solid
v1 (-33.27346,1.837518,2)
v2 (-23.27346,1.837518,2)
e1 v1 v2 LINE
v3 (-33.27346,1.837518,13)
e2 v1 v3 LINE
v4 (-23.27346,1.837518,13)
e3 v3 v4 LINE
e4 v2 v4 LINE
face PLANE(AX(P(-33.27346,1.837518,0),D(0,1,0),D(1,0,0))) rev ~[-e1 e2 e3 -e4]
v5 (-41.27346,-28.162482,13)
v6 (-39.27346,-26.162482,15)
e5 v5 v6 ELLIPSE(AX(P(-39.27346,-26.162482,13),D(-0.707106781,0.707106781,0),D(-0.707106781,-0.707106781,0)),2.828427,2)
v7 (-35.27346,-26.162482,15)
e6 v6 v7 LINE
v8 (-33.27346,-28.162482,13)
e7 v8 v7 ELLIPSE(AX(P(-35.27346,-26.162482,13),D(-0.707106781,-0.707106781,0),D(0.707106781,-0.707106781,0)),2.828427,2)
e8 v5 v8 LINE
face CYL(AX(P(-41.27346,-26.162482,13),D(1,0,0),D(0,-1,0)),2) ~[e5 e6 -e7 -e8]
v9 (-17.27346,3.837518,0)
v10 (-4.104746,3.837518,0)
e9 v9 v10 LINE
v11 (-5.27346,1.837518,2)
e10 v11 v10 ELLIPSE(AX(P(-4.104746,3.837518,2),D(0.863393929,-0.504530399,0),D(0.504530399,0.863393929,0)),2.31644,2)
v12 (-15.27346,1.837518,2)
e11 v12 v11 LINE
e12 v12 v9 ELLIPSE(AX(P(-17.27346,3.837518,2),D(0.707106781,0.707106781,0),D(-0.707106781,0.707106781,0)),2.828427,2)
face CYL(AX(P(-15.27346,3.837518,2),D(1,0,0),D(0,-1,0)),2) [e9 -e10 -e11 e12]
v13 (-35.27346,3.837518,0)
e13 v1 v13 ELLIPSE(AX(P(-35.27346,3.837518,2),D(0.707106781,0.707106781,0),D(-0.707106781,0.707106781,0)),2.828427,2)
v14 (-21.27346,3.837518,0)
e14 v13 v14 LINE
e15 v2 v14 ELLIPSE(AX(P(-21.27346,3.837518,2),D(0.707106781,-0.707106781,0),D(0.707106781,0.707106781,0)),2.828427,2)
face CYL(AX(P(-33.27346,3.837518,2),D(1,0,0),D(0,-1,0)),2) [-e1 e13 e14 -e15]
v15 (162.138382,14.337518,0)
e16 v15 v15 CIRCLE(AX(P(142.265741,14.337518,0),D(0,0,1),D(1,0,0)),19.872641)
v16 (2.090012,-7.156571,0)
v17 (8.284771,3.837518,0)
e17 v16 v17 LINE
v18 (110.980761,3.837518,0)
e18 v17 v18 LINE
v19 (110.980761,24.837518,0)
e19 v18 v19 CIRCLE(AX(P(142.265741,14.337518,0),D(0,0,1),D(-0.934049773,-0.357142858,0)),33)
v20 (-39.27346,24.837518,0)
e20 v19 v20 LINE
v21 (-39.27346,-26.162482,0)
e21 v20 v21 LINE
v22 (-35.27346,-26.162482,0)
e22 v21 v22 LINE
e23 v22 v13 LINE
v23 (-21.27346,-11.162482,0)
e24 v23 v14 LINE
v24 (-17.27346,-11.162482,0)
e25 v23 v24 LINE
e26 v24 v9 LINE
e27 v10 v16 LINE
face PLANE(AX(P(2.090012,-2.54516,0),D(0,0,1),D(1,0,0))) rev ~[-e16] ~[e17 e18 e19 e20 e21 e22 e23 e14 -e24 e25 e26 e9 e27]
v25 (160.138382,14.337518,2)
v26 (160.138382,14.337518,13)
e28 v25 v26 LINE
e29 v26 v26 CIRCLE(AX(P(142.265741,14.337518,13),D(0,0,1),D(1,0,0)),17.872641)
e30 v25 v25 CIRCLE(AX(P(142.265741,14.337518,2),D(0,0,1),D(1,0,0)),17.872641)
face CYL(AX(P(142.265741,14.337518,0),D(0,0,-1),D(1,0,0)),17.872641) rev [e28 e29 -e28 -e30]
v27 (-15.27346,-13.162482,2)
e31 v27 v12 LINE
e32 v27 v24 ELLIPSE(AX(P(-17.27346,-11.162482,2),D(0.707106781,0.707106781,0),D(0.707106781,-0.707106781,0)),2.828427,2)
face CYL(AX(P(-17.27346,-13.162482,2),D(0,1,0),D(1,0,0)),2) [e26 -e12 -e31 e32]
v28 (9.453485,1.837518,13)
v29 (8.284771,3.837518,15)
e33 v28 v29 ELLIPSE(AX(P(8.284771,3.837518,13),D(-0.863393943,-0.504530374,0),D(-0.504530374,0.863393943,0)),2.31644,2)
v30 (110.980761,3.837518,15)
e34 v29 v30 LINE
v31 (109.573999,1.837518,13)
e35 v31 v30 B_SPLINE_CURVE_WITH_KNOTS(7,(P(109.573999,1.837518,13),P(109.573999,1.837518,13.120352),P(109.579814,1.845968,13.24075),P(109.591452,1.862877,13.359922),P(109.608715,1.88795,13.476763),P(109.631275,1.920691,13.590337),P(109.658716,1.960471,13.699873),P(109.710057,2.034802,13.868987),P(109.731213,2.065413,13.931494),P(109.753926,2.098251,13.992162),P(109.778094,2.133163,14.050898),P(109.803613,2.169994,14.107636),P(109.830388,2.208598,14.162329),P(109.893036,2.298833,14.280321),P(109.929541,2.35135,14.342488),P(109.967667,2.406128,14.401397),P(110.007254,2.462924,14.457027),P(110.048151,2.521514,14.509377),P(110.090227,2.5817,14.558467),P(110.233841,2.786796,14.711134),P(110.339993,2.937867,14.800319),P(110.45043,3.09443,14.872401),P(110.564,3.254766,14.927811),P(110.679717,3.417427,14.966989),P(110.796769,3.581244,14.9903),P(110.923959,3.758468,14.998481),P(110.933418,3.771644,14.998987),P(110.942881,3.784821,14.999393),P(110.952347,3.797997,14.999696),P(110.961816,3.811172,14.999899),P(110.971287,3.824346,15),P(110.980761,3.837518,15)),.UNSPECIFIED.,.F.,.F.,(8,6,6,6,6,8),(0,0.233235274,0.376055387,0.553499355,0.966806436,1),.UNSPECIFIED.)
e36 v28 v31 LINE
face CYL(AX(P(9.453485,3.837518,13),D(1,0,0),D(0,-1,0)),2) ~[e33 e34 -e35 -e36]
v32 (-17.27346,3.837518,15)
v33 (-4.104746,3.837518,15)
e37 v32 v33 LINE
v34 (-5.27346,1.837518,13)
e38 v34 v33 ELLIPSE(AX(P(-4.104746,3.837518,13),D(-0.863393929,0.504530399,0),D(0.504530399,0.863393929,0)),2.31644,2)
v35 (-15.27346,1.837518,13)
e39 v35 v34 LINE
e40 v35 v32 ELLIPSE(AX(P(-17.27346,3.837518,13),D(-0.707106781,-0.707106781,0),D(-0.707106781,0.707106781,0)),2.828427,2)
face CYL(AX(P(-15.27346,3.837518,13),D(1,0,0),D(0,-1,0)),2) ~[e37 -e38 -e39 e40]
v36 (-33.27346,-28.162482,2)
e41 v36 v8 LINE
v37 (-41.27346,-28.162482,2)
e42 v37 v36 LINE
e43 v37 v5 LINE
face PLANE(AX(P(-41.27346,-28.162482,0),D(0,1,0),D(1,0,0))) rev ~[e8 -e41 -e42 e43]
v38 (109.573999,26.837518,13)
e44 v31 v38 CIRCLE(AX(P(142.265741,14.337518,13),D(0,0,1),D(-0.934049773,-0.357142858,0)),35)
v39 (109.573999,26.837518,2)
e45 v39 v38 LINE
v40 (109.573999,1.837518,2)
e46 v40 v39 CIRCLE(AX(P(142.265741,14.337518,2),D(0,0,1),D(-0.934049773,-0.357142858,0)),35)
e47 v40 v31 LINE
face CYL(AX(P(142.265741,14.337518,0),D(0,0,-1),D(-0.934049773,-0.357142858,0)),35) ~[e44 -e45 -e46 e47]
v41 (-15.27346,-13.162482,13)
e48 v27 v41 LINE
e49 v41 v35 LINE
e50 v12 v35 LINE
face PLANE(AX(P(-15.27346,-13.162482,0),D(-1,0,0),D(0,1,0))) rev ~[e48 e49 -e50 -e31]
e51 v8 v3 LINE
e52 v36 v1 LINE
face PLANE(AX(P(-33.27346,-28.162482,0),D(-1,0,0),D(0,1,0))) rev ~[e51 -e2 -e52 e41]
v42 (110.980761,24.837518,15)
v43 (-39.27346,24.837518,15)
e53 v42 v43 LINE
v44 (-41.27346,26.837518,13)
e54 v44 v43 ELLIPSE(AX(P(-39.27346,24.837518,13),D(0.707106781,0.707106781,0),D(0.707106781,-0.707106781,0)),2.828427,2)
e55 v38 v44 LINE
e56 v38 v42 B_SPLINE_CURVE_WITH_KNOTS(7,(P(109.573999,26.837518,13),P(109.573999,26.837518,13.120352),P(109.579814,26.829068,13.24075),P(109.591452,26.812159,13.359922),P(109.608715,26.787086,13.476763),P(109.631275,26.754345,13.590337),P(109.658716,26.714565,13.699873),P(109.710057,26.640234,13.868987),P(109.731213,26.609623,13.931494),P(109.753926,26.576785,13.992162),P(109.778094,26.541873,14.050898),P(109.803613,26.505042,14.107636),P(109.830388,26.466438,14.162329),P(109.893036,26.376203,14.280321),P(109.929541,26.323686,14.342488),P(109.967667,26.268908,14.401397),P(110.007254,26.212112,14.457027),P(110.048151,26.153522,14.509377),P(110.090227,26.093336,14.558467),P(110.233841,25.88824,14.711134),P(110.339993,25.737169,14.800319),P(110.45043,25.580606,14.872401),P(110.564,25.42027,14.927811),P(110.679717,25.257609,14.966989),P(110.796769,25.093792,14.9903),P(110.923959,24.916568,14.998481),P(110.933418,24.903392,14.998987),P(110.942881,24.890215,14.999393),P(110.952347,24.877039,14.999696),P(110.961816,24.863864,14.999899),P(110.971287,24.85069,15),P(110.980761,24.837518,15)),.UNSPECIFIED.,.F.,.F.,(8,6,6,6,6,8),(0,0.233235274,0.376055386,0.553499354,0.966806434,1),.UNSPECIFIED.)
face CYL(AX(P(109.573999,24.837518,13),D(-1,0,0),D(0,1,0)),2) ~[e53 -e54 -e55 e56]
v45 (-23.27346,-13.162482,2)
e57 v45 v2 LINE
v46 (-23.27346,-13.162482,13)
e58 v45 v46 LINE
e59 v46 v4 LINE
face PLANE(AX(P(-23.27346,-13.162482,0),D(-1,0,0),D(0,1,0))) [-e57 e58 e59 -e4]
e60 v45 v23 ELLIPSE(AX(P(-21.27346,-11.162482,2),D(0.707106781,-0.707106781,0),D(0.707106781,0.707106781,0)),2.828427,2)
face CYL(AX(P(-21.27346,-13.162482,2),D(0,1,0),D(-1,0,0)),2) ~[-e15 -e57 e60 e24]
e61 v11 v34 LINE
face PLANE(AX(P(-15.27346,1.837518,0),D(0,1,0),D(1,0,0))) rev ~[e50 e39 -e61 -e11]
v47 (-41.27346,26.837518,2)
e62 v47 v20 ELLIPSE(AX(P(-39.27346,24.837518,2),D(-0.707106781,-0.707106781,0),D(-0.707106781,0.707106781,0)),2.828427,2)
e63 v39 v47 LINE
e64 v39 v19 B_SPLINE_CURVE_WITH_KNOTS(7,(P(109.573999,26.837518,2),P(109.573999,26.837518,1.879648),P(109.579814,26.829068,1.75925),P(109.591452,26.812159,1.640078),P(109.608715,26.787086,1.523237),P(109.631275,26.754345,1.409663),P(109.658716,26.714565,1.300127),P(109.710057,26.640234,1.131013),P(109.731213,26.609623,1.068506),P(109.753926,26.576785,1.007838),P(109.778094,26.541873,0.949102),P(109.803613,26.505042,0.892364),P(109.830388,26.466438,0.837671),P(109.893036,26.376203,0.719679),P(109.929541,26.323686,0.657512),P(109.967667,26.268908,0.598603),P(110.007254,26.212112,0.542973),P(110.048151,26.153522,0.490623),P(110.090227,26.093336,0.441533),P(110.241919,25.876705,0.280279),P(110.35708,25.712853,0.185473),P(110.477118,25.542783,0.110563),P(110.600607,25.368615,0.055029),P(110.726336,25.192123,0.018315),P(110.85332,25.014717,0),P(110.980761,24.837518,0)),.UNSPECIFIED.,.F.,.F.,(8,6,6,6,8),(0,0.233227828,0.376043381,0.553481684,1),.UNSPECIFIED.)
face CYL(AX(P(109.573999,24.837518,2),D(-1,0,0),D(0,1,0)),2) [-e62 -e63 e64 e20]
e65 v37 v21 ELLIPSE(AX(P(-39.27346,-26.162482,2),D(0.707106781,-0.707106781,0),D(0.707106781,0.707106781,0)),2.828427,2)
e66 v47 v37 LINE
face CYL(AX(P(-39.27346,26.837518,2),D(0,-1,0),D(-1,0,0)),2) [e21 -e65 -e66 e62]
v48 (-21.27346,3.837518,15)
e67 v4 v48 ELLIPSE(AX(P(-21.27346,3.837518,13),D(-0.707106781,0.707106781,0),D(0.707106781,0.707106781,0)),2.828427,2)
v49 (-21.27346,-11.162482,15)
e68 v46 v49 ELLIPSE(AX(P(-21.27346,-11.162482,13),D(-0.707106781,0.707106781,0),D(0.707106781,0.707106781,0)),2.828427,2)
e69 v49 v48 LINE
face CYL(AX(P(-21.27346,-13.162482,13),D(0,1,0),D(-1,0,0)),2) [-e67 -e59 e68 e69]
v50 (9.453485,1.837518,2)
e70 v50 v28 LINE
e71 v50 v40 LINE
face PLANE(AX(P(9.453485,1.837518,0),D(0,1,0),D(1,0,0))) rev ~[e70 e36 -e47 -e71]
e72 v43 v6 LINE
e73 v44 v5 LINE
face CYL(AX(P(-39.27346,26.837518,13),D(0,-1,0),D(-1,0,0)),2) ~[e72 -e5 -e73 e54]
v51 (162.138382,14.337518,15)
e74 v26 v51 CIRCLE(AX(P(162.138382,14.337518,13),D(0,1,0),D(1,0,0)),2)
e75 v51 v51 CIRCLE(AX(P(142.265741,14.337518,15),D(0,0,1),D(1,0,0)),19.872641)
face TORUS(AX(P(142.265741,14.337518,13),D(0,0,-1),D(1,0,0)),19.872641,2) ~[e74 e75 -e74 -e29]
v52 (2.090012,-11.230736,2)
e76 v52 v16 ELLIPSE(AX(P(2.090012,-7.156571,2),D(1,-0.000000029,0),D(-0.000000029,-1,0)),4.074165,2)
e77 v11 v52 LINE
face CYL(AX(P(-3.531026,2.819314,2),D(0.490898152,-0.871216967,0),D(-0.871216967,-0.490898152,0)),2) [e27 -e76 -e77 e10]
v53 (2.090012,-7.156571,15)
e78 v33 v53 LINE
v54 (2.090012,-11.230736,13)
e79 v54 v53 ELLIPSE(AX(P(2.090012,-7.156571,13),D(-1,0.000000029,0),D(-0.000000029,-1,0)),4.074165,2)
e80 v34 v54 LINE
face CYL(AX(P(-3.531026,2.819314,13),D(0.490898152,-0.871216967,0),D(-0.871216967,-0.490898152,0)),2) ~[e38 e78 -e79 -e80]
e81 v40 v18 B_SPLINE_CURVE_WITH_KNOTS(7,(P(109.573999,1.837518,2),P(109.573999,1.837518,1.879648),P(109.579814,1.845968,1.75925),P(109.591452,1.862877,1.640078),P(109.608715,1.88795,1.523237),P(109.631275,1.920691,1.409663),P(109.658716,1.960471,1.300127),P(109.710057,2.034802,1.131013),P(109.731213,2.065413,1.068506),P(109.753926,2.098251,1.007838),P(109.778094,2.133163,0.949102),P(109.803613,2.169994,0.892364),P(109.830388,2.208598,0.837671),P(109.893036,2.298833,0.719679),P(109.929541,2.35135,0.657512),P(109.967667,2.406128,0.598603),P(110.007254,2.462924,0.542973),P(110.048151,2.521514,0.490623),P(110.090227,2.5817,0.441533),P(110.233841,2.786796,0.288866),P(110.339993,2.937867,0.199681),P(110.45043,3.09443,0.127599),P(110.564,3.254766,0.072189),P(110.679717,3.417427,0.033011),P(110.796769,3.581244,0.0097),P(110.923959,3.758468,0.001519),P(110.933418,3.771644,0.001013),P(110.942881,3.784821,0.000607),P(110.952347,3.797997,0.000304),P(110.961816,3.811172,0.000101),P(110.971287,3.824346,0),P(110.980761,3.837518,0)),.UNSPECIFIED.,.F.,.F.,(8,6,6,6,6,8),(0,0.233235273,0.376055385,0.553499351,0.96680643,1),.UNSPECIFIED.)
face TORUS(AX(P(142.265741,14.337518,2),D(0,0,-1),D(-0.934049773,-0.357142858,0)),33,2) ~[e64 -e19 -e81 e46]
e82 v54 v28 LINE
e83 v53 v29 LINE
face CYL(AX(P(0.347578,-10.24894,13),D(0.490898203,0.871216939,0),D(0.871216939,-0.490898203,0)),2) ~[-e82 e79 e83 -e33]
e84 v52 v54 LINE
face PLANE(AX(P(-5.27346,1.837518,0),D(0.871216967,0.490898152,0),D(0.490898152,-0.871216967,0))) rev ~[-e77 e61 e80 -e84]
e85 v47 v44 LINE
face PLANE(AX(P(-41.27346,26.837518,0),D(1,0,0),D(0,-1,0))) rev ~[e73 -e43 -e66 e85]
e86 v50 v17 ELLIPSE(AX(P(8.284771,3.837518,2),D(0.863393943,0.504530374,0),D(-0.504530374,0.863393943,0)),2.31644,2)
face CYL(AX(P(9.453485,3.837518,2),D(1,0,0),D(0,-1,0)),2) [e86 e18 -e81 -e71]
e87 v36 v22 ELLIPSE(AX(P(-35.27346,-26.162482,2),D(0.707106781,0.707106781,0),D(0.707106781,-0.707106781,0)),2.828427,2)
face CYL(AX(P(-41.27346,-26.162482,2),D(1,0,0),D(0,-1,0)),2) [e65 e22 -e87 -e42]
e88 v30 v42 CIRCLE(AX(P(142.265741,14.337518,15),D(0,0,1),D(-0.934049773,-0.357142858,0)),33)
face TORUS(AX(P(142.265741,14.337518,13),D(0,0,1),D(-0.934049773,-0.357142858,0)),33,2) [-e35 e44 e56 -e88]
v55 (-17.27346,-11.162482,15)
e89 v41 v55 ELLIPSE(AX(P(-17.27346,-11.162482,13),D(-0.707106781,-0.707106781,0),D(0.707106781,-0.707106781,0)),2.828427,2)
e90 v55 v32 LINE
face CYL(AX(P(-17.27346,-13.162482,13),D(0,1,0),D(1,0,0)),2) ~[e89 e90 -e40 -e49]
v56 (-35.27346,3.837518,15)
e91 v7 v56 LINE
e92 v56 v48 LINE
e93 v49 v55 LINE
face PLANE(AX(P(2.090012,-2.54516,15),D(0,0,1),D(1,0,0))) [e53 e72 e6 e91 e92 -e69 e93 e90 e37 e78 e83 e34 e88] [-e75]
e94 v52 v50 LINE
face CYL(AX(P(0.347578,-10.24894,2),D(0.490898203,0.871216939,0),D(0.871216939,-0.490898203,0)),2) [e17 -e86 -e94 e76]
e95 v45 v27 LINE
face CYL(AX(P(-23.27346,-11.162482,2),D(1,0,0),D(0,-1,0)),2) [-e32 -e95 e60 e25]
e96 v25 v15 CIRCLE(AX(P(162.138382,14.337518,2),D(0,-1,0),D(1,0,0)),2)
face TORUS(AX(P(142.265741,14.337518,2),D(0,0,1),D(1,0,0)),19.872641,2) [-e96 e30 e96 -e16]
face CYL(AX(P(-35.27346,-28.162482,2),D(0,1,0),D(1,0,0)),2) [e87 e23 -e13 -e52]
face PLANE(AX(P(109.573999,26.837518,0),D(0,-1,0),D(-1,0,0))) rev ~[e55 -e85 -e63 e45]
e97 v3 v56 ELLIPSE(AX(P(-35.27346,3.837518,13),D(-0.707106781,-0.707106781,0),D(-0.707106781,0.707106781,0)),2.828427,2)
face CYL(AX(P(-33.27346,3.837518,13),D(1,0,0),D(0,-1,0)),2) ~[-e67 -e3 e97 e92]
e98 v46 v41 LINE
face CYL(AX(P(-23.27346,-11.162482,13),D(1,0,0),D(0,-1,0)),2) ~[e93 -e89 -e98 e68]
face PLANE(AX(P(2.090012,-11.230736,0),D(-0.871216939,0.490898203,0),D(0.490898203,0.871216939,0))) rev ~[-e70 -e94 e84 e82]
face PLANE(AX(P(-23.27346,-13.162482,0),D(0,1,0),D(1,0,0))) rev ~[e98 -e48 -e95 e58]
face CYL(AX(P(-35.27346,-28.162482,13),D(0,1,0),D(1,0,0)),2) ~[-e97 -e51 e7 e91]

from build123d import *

# Parameters (mm, degrees)
F0_W     = 8
F0_H     = 30
F0_H_2   = 15
F0_R     = 17.872641
F1_DEPTH = 15
F2_R     = 2


with BuildPart() as f1:
    # F0 (on Top) → F1 (new body)
    with BuildSketch(Plane.XY):
        Polygon((2.090012, -11.230736), (9.453485, 1.837518), (-5.27346, 1.837518), align=None)
        with Locations((-37.27346, -13.162482)):
            Rectangle(F0_W, F0_H)
        with Locations((-19.27346, -5.662482)):
            Rectangle(F0_W, F0_H_2)
        with BuildLine():
            ThreePointArc((109.573999, 1.837518), (177.265741, 14.337518), (109.573999, 26.837518))
            Line((109.573999, 26.837518), (109.573999, 1.837518))
        make_face()
        with Locations((142.265741, 14.337518)):
            Circle(F0_R, mode=Mode.SUBTRACT)
        Polygon((109.573999, 26.837518), (-41.27346, 26.837518), (-41.27346, 1.837518), (-33.27346, 1.837518), (-23.27346, 1.837518), (-15.27346, 1.837518), (-5.27346, 1.837518), (9.453485, 1.837518), (109.573999, 1.837518), align=None)
    extrude(amount=F1_DEPTH)

    # F2
    f2_edges = [f1.edges().sort_by_distance(p)[0] for p in [
        (-41.27346, -0.662482, 15),
        (-37.27346, -28.162482, 15),
        (-33.27346, -13.162482, 15),
        (-28.27346, 1.837518, 15),
        (-23.27346, -5.662482, 15),
        (-19.27346, -13.162482, 15),
        (-15.27346, -5.662482, 15),
        (-10.27346, 1.837518, 15),
        (-1.591724, -4.696609, 15),
        (5.771749, -4.696609, 15),
        (59.513742, 1.837518, 15),
        (177.265741, 14.337518, 15),
        (34.150269, 26.837518, 15),
        (124.3931, 14.337518, 15),
        (-37.27346, -28.162482, 0),
        (-33.27346, -13.162482, 0),
        (-28.27346, 1.837518, 0),
        (-23.27346, -5.662482, 0),
        (-19.27346, -13.162482, 0),
        (-15.27346, -5.662482, 0),
        (-10.27346, 1.837518, 0),
        (-1.591724, -4.696609, 0),
        (5.771749, -4.696609, 0),
        (59.513742, 1.837518, 0),
        (177.265741, 14.337518, 0),
        (34.150269, 26.837518, 0),
        (-41.27346, -0.662482, 0),
        (124.3931, 14.337518, 0),
    ]]
    fillet(f2_edges, radius=F2_R)


solid = f1.part
